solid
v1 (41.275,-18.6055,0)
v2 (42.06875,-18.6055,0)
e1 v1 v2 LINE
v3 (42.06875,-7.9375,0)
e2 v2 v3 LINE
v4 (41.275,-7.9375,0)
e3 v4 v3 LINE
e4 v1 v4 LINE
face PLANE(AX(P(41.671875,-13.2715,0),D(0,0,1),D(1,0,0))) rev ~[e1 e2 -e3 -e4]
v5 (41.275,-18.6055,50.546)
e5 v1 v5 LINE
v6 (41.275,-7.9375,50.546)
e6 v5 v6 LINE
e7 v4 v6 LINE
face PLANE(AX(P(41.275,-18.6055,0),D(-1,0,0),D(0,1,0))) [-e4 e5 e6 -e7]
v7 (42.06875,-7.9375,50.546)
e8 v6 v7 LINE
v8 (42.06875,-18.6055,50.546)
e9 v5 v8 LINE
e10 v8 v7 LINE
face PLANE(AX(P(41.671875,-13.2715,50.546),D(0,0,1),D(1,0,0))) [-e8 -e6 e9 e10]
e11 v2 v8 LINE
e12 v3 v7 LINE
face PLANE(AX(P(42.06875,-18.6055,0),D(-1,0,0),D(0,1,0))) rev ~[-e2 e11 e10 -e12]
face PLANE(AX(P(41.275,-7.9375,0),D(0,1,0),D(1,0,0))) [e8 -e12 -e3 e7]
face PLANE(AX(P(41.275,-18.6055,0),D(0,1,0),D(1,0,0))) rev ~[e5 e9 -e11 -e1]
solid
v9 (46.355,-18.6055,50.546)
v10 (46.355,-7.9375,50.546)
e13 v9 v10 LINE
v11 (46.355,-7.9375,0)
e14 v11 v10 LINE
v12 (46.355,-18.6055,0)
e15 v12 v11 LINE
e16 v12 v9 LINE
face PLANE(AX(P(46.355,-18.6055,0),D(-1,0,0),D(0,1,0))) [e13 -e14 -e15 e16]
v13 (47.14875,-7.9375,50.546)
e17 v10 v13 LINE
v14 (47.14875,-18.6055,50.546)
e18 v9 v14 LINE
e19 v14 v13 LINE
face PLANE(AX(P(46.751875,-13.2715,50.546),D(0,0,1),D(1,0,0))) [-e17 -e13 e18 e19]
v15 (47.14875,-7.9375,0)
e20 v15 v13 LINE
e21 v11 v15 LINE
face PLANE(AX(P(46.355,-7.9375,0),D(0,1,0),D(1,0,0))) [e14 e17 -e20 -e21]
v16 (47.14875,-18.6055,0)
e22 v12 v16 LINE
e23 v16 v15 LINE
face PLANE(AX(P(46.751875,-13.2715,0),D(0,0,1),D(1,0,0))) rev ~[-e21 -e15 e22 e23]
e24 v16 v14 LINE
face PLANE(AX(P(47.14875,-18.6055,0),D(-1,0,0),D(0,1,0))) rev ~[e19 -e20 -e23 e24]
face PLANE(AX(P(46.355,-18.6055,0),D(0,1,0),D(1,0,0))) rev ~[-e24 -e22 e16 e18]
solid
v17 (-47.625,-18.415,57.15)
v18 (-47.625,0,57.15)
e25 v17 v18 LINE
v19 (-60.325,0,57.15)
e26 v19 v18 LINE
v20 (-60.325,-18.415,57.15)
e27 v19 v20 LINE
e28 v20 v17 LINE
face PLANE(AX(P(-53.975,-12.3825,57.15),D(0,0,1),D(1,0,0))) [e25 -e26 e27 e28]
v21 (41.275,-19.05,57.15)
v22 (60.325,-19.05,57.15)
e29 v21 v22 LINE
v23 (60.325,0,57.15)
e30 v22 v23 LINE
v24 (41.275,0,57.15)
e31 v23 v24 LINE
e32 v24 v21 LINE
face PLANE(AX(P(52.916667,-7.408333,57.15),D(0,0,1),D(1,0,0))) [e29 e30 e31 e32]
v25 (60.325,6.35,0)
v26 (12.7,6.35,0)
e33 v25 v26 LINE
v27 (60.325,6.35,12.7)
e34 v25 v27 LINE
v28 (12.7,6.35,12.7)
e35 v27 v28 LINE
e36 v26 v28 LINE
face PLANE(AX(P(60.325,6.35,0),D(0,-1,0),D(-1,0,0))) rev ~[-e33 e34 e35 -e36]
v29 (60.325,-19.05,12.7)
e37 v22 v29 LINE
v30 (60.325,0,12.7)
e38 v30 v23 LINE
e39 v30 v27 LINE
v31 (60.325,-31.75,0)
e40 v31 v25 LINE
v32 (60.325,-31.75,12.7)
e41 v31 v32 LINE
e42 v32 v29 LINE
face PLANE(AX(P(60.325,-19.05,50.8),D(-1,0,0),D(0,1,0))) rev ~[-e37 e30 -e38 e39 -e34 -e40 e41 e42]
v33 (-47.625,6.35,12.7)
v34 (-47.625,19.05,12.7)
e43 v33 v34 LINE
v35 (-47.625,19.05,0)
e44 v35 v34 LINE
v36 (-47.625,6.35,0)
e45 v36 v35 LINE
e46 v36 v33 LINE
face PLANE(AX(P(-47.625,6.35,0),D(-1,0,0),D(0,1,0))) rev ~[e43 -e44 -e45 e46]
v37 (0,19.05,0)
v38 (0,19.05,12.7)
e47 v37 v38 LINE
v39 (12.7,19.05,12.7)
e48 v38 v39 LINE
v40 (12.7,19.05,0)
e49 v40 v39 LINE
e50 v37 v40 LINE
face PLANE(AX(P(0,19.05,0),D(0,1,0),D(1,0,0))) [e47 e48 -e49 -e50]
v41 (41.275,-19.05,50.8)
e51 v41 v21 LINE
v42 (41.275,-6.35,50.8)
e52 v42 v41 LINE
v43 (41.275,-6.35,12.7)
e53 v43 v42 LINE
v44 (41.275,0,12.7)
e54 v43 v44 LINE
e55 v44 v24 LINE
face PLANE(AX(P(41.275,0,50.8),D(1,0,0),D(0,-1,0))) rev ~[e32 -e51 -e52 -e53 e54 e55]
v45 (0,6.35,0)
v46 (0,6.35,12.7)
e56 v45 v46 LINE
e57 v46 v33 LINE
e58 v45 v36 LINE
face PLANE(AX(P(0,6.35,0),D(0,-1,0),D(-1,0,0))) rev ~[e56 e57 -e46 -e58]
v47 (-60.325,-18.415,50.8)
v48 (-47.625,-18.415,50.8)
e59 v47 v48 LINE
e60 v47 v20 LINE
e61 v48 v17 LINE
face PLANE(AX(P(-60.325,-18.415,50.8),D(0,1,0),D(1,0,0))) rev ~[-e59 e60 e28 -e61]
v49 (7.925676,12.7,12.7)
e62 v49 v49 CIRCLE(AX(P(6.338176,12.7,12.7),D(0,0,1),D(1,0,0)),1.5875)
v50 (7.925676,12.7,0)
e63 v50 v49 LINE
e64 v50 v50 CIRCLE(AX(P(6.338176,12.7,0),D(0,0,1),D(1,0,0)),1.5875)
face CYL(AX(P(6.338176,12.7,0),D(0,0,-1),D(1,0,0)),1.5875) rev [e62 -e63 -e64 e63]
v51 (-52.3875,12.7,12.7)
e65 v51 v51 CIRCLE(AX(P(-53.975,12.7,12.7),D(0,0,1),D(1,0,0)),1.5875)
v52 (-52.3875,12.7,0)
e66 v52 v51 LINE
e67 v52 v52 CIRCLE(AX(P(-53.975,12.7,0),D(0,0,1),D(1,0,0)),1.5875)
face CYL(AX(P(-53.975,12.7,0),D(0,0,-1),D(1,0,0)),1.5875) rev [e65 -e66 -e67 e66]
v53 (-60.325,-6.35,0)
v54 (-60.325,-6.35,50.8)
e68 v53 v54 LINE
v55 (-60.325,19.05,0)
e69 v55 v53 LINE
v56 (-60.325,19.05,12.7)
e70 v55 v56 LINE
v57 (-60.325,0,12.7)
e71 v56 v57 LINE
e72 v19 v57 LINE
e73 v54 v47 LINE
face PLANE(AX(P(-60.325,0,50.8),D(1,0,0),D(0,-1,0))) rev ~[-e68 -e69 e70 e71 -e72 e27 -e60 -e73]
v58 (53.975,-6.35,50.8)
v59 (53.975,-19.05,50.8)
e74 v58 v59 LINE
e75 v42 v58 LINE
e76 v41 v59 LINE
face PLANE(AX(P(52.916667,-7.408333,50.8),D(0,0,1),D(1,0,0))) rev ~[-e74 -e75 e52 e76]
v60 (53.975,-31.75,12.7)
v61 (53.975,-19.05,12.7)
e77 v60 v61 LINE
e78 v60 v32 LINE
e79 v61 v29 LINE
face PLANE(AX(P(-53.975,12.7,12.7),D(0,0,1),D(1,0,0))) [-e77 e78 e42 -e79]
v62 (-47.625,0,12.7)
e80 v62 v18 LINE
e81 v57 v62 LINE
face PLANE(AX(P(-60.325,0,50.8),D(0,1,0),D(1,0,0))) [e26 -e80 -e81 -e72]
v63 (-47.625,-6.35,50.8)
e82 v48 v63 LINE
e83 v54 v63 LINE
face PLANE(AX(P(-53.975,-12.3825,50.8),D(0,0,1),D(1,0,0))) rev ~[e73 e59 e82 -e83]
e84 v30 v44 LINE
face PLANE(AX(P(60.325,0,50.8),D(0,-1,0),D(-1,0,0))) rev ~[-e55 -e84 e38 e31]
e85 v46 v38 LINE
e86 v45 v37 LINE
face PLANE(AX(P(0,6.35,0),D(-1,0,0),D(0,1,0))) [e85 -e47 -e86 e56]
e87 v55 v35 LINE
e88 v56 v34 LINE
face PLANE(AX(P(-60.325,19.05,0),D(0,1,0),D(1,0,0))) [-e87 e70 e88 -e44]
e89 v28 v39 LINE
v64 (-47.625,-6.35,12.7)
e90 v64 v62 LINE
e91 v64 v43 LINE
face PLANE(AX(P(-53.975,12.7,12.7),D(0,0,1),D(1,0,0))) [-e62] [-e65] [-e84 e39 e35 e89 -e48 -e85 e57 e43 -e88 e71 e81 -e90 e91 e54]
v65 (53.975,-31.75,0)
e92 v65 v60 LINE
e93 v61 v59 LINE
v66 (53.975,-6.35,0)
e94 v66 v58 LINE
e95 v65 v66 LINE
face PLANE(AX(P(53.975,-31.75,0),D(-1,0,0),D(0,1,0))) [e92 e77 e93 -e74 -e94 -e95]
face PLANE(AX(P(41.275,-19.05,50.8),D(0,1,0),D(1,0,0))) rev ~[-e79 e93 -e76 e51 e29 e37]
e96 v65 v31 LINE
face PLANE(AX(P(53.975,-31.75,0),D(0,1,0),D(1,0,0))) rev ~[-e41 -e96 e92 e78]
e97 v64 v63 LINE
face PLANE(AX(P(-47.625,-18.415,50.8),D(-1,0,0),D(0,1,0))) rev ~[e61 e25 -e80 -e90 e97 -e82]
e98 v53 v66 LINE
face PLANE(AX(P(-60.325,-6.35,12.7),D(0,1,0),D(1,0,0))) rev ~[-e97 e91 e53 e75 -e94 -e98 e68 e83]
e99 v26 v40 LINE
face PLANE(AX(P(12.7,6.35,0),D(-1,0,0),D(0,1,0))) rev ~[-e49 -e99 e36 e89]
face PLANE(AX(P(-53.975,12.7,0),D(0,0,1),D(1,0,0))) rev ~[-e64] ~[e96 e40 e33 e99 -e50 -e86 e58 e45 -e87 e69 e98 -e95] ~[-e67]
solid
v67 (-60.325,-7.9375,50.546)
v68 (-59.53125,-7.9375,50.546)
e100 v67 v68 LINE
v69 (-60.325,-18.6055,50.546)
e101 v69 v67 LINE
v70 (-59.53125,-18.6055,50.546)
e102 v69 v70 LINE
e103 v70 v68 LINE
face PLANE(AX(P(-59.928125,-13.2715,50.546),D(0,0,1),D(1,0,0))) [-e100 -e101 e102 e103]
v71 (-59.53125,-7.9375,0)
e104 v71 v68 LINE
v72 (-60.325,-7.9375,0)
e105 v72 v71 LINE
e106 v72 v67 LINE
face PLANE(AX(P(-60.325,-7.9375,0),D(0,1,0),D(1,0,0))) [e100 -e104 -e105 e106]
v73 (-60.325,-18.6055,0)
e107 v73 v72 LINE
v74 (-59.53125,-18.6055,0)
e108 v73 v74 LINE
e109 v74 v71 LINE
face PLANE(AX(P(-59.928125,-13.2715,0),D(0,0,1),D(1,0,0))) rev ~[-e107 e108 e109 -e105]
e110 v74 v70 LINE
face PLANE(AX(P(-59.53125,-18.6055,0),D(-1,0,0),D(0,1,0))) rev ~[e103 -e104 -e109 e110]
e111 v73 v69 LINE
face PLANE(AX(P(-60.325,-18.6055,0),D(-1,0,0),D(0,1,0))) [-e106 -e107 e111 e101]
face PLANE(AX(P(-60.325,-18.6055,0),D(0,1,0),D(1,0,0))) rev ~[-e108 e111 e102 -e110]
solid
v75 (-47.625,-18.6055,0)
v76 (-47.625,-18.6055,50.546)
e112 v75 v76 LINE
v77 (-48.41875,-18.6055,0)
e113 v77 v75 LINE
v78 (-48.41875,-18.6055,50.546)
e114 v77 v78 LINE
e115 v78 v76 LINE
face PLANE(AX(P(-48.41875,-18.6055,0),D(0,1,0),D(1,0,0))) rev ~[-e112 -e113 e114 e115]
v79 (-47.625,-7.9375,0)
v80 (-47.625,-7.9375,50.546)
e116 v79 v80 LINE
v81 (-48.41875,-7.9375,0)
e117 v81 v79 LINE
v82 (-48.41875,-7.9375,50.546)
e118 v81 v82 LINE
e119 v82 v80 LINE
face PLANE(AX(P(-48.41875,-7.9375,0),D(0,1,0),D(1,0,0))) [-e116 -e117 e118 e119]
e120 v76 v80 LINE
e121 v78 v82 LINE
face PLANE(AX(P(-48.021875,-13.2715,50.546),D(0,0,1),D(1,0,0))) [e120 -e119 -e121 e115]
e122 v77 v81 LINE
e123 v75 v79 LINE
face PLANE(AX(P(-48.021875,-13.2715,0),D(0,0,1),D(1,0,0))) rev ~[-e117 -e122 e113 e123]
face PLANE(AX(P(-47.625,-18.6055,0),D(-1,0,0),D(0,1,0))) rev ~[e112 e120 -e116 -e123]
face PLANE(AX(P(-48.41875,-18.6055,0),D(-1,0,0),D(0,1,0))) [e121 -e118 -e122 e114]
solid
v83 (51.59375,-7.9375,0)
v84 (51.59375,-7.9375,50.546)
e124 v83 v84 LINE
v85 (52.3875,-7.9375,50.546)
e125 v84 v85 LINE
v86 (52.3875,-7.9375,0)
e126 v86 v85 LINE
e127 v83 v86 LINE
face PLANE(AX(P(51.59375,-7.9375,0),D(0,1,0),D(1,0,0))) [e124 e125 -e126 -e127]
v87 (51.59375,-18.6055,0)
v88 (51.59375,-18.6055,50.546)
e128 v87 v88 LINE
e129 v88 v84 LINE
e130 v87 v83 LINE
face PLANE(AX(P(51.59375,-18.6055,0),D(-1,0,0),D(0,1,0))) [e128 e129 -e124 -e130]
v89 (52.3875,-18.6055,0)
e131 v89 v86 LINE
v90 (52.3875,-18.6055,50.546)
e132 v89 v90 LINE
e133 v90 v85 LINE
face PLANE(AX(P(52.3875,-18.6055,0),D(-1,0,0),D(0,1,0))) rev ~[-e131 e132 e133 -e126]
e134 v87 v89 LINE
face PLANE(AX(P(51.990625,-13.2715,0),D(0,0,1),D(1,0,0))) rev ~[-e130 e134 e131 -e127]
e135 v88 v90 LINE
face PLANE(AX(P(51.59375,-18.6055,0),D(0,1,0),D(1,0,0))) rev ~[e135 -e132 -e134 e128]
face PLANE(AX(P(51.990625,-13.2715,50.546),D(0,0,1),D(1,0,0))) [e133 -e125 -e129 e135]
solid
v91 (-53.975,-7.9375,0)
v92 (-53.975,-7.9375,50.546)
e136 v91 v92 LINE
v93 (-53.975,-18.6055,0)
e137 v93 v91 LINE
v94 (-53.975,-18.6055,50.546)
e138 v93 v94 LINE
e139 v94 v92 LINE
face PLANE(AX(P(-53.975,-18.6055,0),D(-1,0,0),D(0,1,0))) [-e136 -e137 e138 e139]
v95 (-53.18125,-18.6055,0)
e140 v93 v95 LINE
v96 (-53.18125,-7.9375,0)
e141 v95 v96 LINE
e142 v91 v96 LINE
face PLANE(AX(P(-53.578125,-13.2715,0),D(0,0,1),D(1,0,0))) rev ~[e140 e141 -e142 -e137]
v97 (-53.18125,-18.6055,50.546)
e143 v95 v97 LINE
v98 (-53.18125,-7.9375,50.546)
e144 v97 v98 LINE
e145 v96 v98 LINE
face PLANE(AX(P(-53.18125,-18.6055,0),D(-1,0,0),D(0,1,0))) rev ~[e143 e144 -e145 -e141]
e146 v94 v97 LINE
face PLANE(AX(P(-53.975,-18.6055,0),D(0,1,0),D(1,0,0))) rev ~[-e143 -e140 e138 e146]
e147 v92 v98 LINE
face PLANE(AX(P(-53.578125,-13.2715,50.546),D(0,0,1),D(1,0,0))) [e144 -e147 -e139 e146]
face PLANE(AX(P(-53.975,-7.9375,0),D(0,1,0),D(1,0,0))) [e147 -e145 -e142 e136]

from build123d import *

# Parameters (mm, degrees)
F0_W     = 12.7
F0_H     = 12.7
F0_R     = 1.5875
F0_W_2   = 6.35
F0_H_2   = 25.4
F1_DEPTH = 12.7
F0_W_3   = 0.79375
F0_H_3   = 10.668
F2_DEPTH = 50.546
F3_W     = 12.7
F3_H     = 6.35
F4_DEPTH = 38.1
F5_W     = 12.7
F5_H     = 12.065
F5_H_2   = 6.35
F6_DEPTH = 6.35
F7_W     = 12.7
F7_H     = 12.7
F8_DEPTH = 6.35


with BuildPart() as f1:
    # F0 (on Top) → F1 (new body)
    with BuildSketch(Plane.XY):
        with Locations((-53.975, 12.7)):
            Rectangle(F0_W, F0_H)
        with Locations((-53.975, 12.7)):
            Circle(F0_R, mode=Mode.SUBTRACT)
        Polygon((53.975, -6.35), (60.325, -6.35), (60.325, 6.35), (12.7, 6.35), (0, 6.35), (-47.625, 6.35), (-60.325, 6.35), (-60.325, -6.35), align=None)
        with Locations((6.35, 12.7)):
            Rectangle(F0_W, F0_H)
        with Locations((6.3381763175, 12.7)):
            Circle(F0_R, mode=Mode.SUBTRACT)
        with Locations((57.15, -19.05)):
            Rectangle(F0_W_2, F0_H_2)
    extrude(amount=F1_DEPTH)

    # F3 (on face) → F4 (join)
    with BuildSketch(Plane.XY.offset(12.7)):
        with Locations((-53.975, -3.175)):
            Rectangle(F3_W, F3_H)
        with Locations((47.625, -3.175)):
            Rectangle(F3_W, F3_H)
        Polygon((53.975, 0), (53.975, -6.35), (53.975, -19.05), (60.325, -19.05), (60.325, 0), align=None)
    extrude(amount=F4_DEPTH)

    # F5 (on face) → F6 (join)
    with BuildSketch(Plane.XY.offset(50.8)):
        with Locations((-53.975, -12.3825)):
            Rectangle(F5_W, F5_H)
        with Locations((-53.975, -3.175)):
            Rectangle(F5_W, F5_H_2)
    extrude(amount=F6_DEPTH)

    # F7 (on face) → F8 (join)
    with BuildSketch(Plane.XY.offset(50.8)):
        Polygon((60.325, -19.05), (60.325, 0), (41.275, 0), (41.275, -6.35), (53.975, -6.35), (53.975, -19.05), align=None)
        with Locations((47.625, -12.7)):
            Rectangle(F7_W, F7_H)
    extrude(amount=F8_DEPTH)


with BuildPart() as f2:
    # F0 (on Top) → F2 (new body)
    with BuildSketch(Plane.XY):
        with Locations((-59.928125, -13.2715)):
            Rectangle(F0_W_3, F0_H_3)
    extrude(amount=F2_DEPTH)


with BuildPart() as f2b:
    # F0 (on Top) → F2, piece 2 (new body)
    with BuildSketch(Plane.XY):
        with Locations((-53.578125, -13.2715)):
            Rectangle(F0_W_3, F0_H_3)
    extrude(amount=F2_DEPTH)


with BuildPart() as f2c:
    # F0 (on Top) → F2, piece 3 (new body)
    with BuildSketch(Plane.XY):
        with Locations((-48.021875, -13.2715)):
            Rectangle(F0_W_3, F0_H_3)
    extrude(amount=F2_DEPTH)


with BuildPart() as f2d:
    # F0 (on Top) → F2, piece 4 (new body)
    with BuildSketch(Plane.XY):
        with Locations((41.671875, -13.2715)):
            Rectangle(F0_W_3, F0_H_3)
    extrude(amount=F2_DEPTH)


with BuildPart() as f2e:
    # F0 (on Top) → F2, piece 5 (new body)
    with BuildSketch(Plane.XY):
        with Locations((46.751875, -13.2715)):
            Rectangle(F0_W_3, F0_H_3)
    extrude(amount=F2_DEPTH)


with BuildPart() as f2f:
    # F0 (on Top) → F2, piece 6 (new body)
    with BuildSketch(Plane.XY):
        with Locations((51.990625, -13.2715)):
            Rectangle(F0_W_3, F0_H_3)
    extrude(amount=F2_DEPTH)


solid = Compound([f1.part, f2.part, f2b.part, f2c.part, f2d.part, f2e.part, f2f.part])
